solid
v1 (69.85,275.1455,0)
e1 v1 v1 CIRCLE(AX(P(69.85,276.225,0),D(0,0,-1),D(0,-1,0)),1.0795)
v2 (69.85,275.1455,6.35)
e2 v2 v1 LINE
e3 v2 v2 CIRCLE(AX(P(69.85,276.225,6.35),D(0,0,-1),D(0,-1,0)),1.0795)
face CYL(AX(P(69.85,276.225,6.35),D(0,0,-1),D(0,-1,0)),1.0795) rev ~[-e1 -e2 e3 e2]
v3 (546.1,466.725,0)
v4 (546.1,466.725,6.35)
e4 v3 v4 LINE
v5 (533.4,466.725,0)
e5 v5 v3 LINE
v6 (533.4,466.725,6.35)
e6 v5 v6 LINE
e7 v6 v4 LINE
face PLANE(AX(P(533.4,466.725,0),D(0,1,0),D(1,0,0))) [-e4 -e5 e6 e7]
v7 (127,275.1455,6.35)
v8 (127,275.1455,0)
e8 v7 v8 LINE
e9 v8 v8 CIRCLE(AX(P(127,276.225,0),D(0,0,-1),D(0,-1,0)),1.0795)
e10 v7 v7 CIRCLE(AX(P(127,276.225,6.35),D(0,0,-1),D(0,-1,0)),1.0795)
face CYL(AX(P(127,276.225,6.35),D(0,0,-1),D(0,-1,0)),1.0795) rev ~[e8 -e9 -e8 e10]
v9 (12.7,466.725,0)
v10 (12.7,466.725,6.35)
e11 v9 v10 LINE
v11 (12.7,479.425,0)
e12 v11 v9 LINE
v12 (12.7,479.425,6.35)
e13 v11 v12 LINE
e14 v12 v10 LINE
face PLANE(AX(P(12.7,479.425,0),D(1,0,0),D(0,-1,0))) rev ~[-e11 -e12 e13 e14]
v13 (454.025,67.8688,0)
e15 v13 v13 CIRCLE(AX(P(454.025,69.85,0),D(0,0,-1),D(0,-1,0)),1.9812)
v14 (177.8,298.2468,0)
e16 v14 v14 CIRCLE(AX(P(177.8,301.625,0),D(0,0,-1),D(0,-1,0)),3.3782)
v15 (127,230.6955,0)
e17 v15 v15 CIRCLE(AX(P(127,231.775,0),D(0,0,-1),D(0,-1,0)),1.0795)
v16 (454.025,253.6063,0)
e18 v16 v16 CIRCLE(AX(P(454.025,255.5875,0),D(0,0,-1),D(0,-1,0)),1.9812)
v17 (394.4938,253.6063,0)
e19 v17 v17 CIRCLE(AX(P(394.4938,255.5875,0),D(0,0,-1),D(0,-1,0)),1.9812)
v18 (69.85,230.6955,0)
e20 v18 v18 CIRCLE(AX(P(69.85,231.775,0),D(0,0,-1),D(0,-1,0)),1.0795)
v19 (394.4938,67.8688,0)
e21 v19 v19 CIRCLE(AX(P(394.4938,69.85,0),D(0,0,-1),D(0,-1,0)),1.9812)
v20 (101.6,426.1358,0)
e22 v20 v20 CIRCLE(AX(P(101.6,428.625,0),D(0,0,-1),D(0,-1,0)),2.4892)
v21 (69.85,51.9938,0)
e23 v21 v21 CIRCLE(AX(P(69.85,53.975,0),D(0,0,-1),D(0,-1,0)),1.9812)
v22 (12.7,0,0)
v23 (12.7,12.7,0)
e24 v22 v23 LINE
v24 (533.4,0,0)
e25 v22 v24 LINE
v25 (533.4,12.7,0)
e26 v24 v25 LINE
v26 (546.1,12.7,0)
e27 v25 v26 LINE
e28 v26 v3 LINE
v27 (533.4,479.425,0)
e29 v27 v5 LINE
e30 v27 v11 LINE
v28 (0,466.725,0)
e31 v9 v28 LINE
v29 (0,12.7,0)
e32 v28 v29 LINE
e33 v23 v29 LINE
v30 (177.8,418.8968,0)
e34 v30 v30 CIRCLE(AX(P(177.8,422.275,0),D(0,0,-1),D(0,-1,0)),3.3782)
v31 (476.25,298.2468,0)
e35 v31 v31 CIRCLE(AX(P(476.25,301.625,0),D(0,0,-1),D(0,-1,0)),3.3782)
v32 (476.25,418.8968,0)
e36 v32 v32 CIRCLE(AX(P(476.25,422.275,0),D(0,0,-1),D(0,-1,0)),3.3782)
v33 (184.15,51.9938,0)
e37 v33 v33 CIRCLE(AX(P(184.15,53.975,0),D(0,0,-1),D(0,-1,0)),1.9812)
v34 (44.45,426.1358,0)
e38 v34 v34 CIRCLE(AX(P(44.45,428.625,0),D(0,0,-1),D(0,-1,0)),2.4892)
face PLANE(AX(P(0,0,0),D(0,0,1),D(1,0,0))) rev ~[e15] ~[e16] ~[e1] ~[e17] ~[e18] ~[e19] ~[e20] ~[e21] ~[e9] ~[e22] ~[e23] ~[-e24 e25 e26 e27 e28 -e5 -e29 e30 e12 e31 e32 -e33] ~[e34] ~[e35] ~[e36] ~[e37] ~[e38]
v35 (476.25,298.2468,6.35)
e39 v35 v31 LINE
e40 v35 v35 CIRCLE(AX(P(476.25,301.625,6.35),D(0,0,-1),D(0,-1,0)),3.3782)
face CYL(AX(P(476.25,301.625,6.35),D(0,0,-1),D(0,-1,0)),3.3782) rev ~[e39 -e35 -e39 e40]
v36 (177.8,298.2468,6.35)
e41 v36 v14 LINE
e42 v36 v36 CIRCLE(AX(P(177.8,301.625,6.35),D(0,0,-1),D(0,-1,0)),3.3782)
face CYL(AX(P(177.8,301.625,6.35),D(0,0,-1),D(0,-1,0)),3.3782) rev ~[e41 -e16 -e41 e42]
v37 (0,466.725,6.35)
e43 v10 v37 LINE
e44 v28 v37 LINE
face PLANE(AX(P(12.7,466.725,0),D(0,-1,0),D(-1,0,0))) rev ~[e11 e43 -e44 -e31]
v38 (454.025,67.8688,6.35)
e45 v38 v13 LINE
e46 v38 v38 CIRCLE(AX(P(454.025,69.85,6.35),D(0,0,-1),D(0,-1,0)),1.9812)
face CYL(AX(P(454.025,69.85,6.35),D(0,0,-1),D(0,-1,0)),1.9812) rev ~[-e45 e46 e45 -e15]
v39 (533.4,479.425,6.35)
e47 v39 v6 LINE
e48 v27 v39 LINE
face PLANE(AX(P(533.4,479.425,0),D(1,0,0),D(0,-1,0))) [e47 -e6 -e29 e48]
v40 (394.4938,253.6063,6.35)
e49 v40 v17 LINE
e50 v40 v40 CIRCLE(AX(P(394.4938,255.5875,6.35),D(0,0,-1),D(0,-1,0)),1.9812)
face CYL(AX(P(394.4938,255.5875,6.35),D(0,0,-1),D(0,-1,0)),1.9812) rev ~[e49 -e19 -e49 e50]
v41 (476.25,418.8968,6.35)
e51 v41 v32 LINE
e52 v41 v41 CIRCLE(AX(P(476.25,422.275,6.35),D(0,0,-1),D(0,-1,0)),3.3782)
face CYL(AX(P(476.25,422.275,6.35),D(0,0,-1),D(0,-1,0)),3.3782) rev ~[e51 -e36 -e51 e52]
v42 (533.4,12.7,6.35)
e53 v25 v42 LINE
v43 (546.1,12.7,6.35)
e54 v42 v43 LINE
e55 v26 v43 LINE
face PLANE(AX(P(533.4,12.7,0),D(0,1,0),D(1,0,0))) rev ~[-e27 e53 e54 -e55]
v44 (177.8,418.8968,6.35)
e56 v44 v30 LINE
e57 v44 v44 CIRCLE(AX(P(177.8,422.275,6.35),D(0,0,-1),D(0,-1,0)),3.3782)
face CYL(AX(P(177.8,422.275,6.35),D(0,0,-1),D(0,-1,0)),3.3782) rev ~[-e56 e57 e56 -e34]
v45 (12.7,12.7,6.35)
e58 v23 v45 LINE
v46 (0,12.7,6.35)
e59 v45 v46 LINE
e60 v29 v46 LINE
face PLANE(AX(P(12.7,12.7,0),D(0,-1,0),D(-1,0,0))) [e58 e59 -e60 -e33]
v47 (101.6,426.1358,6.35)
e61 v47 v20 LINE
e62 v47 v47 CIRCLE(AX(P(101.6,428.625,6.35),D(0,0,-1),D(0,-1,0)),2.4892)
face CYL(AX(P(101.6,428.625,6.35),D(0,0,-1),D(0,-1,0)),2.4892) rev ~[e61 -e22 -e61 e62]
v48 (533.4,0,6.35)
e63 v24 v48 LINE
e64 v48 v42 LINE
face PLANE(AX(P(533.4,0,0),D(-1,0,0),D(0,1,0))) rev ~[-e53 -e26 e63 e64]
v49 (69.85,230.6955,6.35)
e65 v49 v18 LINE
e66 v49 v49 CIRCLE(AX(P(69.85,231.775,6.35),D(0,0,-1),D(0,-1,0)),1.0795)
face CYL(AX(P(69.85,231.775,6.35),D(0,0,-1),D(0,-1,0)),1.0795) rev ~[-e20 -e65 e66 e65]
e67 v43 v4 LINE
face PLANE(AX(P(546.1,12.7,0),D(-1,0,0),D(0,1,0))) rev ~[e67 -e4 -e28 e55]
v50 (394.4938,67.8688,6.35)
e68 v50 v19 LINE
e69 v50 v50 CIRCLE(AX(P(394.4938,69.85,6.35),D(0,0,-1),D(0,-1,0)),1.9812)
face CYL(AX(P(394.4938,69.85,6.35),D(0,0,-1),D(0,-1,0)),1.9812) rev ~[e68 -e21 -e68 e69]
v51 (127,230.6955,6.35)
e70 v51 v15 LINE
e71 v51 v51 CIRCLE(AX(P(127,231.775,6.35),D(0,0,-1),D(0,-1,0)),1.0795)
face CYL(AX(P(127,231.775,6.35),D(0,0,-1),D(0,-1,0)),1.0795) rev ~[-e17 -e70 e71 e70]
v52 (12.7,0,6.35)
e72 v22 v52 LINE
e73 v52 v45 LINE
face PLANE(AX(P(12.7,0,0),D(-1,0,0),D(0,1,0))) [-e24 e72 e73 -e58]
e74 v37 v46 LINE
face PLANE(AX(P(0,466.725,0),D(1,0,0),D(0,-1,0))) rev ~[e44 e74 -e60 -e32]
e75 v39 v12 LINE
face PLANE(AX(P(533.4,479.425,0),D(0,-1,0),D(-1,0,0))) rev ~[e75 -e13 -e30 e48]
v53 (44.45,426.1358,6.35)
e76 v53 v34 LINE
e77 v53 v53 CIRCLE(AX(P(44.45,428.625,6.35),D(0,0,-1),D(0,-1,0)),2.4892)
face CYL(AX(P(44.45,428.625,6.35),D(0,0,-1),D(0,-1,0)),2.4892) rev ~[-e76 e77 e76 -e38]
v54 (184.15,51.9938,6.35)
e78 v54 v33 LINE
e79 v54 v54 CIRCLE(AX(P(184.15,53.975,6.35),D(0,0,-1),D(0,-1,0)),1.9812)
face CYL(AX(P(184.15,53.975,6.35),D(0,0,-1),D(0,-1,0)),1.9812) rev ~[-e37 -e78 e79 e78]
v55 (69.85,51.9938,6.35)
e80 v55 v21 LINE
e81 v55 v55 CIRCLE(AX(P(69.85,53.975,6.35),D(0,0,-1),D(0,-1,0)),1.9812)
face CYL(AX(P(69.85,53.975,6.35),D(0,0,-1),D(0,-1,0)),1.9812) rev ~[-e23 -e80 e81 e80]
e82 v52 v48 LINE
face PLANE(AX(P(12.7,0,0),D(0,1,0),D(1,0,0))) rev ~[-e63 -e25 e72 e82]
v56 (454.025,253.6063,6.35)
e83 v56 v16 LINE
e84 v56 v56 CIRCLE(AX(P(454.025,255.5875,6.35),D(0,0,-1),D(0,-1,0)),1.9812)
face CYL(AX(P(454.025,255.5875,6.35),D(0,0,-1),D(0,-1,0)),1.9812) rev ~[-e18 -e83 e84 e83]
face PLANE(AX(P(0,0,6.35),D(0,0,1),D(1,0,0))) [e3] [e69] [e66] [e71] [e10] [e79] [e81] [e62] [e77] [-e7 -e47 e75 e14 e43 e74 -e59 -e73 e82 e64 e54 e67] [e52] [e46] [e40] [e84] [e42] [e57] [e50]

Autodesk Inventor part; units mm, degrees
ref_plane "YZ Plane" through (0, 0, 0) normal (1, 0, 0) x (0, 1, 0)
ref_plane "XZ Plane" through (0, 0, 0) normal (0, 1, 0) x (-1, 0, 0)
ref_plane "XY Plane" through (0, 0, 0) normal (0, 0, 1) x (1, 0, 0)
sketch "Sketch1" plane through (0, 0, 0) normal (0, 0, 1) x (1, 0, 0)
  line L0 (0, 0) -> (546.1, 0)
  line L1 (546.1, 0) -> (546.1, 479.425)
  line L2 (546.1, 479.425) -> (0, 479.425)
  line L3 (0, 479.425) -> (0, 0)
  line L4 (0, 0) -> (12.7, 0)
  line L5 (12.7, 0) -> (12.7, 12.7)
  line L6 (12.7, 12.7) -> (0, 12.7)
  line L7 (0, 12.7) -> (0, 0)
  line L8 (0, 479.425) -> (12.7, 479.425)
  line L9 (12.7, 479.425) -> (12.7, 466.725)
  line L10 (12.7, 466.725) -> (0, 466.725)
  line L11 (0, 466.725) -> (0, 479.425)
  line L12 (546.1, 479.425) -> (533.4, 479.425)
  line L13 (533.4, 479.425) -> (533.4, 466.725)
  line L14 (533.4, 466.725) -> (546.1, 466.725)
  line L15 (546.1, 466.725) -> (546.1, 479.425)
  line L16 (546.1, 0) -> (533.4, 0)
  line L17 (533.4, 0) -> (533.4, 12.7)
  line L18 (533.4, 12.7) -> (546.1, 12.7)
  line L19 (546.1, 12.7) -> (546.1, 0)
  dimension "d0" = 479.425
  dimension "d1" = 546.1
  dimension "d2" = 12.7
extrude "Lexan Plate" add sketch "Sketch1" along normal blind 6.35 contours L5 L6 L3 L10 L9 L2 L13 L14 L1 L18 L17 L0
sketch "Sketch2" plane through (0, 0, 6.35) normal (0, 0, 1) x (1, 0, 0)
  line L0 (12.7, 479.425) -> (533.4, 479.425) projected
  line L1 (546.1, 466.725) -> (546.1, 12.7) projected
  line L2 (476.25, 301.625) -> (177.8, 301.625)
  line L3 (177.8, 301.625) -> (177.8, 422.275)
  line L4 (177.8, 422.275) -> (476.25, 422.275)
  line L5 (476.25, 422.275) -> (476.25, 301.625)
  point P0 (0, 0)
  dimension "d7" = 69.85
  dimension "d8" = 57.15
  dimension "d9" = 120.65
  dimension "d10" = 298.45
hole "Inverter Mounting Holes" at (177.8, 422.275, 6.35) at (177.8, 301.625, 6.35) at (476.25, 301.625, 6.35) at (476.25, 422.275, 6.35) direction (0, 0, -1) diameter 6.7564 end through all clearance for "Flat Head Machine Screw (82)" size "1/4" standard "Ansi Unified Screw Threads"
sketch "Sketch3" plane through (0, 0, 6.35) normal (0, 0, 1) x (1, 0, 0)
  line L0 (533.4, 0) -> (12.7, 0) projected
  line L1 (546.1, 466.725) -> (546.1, 12.7) projected
  line L2 (394.4938, 255.5875) -> (454.025, 255.5875)
  line L3 (454.025, 255.5875) -> (454.025, 69.85)
  line L4 (454.025, 69.85) -> (394.4938, 69.85)
  line L5 (394.4938, 69.85) -> (394.4938, 255.5875)
  point P0 (0, 0)
  dimension "d18" = 69.85
  dimension "d19" = 92.075
  dimension "d20" = 59.5312
  dimension "d21" = 185.7375
hole "13.8v Supply Mounting Holes" at (394.4938, 255.5875, 6.35) at (454.025, 255.5875, 6.35) at (454.025, 69.85, 6.35) at (394.4938, 69.85, 6.35) direction (0, 0, -1) diameter 3.9624 end through all thread size "10-32 UNF" class "2B" standard "ANSI Unified Screw Threads"
sketch "Sketch4" plane through (0, 0, 6.35) normal (0, 0, 1) x (1, 0, 0)
  line L0 (0, 12.7) -> (0, 466.725) projected
  line L1 (533.4, 0) -> (12.7, 0) projected
  line L2 (546.1, 466.725) -> (533.4, 466.725) projected
  line L3 (69.85, 53.975) -> (184.15, 53.975)
  point P0 (0, 0)
  dimension "d29" = 69.85
  dimension "d30" = 114.3
  dimension "d31" = 53.975
hole "cRIO Mounting Holes" at (184.15, 53.975, 6.35) at (69.85, 53.975, 6.35) direction (0, 0, -1) diameter 3.9624 end through all thread size "10-32 UNF" class "2B" standard "ANSI Unified Screw Threads"
sketch "Sketch5" plane through (0, 0, 6.35) normal (0, 0, 1) x (1, 0, 0)
  line L0 (0, 12.7) -> (0, 466.725) projected
  line L1 (533.4, 0) -> (12.7, 0) projected
  line L2 (69.85, 276.225) -> (127, 276.225)
  line L3 (127, 276.225) -> (127, 231.775)
  line L4 (127, 231.775) -> (69.85, 231.775)
  line L5 (69.85, 231.775) -> (69.85, 276.225)
  point P0 (0, 0)
  dimension "d40" = 44.45
  dimension "d41" = 57.15
  dimension "d42" = 69.85
  dimension "d43" = 231.775
hole "Sabertooth Mounting Holes" at (127, 276.225, 6.35) at (127, 231.775, 6.35) at (69.85, 231.775, 6.35) at (69.85, 276.225, 6.35) direction (0, 0, -1) diameter 2.159 end through all
sketch "Sketch6" plane through (0, 0, 6.35) normal (0, 0, 1) x (1, 0, 0)
  line L0 (12.7, 479.425) -> (533.4, 479.425) projected
  line L1 (0, 12.7) -> (0, 466.725) projected
  line L2 (546.1, 466.725) -> (533.4, 466.725) projected
  line L3 (44.45, 428.625) -> (101.6, 428.625)
  point P0 (0, 0)
  dimension "d51" = 57.15
  dimension "d52" = 44.45
  dimension "d53" = 50.8
hole "Estop Relay Mounting Holes" at (101.6, 428.625, 6.35) at (44.45, 428.625, 6.35) direction (0, 0, -1) diameter 4.9784 end through all thread size "1/4-20 UNC" class "2B" standard "ANSI Unified Screw Threads"
properties part number "base plate" material "Polycarbonate, Clear"
